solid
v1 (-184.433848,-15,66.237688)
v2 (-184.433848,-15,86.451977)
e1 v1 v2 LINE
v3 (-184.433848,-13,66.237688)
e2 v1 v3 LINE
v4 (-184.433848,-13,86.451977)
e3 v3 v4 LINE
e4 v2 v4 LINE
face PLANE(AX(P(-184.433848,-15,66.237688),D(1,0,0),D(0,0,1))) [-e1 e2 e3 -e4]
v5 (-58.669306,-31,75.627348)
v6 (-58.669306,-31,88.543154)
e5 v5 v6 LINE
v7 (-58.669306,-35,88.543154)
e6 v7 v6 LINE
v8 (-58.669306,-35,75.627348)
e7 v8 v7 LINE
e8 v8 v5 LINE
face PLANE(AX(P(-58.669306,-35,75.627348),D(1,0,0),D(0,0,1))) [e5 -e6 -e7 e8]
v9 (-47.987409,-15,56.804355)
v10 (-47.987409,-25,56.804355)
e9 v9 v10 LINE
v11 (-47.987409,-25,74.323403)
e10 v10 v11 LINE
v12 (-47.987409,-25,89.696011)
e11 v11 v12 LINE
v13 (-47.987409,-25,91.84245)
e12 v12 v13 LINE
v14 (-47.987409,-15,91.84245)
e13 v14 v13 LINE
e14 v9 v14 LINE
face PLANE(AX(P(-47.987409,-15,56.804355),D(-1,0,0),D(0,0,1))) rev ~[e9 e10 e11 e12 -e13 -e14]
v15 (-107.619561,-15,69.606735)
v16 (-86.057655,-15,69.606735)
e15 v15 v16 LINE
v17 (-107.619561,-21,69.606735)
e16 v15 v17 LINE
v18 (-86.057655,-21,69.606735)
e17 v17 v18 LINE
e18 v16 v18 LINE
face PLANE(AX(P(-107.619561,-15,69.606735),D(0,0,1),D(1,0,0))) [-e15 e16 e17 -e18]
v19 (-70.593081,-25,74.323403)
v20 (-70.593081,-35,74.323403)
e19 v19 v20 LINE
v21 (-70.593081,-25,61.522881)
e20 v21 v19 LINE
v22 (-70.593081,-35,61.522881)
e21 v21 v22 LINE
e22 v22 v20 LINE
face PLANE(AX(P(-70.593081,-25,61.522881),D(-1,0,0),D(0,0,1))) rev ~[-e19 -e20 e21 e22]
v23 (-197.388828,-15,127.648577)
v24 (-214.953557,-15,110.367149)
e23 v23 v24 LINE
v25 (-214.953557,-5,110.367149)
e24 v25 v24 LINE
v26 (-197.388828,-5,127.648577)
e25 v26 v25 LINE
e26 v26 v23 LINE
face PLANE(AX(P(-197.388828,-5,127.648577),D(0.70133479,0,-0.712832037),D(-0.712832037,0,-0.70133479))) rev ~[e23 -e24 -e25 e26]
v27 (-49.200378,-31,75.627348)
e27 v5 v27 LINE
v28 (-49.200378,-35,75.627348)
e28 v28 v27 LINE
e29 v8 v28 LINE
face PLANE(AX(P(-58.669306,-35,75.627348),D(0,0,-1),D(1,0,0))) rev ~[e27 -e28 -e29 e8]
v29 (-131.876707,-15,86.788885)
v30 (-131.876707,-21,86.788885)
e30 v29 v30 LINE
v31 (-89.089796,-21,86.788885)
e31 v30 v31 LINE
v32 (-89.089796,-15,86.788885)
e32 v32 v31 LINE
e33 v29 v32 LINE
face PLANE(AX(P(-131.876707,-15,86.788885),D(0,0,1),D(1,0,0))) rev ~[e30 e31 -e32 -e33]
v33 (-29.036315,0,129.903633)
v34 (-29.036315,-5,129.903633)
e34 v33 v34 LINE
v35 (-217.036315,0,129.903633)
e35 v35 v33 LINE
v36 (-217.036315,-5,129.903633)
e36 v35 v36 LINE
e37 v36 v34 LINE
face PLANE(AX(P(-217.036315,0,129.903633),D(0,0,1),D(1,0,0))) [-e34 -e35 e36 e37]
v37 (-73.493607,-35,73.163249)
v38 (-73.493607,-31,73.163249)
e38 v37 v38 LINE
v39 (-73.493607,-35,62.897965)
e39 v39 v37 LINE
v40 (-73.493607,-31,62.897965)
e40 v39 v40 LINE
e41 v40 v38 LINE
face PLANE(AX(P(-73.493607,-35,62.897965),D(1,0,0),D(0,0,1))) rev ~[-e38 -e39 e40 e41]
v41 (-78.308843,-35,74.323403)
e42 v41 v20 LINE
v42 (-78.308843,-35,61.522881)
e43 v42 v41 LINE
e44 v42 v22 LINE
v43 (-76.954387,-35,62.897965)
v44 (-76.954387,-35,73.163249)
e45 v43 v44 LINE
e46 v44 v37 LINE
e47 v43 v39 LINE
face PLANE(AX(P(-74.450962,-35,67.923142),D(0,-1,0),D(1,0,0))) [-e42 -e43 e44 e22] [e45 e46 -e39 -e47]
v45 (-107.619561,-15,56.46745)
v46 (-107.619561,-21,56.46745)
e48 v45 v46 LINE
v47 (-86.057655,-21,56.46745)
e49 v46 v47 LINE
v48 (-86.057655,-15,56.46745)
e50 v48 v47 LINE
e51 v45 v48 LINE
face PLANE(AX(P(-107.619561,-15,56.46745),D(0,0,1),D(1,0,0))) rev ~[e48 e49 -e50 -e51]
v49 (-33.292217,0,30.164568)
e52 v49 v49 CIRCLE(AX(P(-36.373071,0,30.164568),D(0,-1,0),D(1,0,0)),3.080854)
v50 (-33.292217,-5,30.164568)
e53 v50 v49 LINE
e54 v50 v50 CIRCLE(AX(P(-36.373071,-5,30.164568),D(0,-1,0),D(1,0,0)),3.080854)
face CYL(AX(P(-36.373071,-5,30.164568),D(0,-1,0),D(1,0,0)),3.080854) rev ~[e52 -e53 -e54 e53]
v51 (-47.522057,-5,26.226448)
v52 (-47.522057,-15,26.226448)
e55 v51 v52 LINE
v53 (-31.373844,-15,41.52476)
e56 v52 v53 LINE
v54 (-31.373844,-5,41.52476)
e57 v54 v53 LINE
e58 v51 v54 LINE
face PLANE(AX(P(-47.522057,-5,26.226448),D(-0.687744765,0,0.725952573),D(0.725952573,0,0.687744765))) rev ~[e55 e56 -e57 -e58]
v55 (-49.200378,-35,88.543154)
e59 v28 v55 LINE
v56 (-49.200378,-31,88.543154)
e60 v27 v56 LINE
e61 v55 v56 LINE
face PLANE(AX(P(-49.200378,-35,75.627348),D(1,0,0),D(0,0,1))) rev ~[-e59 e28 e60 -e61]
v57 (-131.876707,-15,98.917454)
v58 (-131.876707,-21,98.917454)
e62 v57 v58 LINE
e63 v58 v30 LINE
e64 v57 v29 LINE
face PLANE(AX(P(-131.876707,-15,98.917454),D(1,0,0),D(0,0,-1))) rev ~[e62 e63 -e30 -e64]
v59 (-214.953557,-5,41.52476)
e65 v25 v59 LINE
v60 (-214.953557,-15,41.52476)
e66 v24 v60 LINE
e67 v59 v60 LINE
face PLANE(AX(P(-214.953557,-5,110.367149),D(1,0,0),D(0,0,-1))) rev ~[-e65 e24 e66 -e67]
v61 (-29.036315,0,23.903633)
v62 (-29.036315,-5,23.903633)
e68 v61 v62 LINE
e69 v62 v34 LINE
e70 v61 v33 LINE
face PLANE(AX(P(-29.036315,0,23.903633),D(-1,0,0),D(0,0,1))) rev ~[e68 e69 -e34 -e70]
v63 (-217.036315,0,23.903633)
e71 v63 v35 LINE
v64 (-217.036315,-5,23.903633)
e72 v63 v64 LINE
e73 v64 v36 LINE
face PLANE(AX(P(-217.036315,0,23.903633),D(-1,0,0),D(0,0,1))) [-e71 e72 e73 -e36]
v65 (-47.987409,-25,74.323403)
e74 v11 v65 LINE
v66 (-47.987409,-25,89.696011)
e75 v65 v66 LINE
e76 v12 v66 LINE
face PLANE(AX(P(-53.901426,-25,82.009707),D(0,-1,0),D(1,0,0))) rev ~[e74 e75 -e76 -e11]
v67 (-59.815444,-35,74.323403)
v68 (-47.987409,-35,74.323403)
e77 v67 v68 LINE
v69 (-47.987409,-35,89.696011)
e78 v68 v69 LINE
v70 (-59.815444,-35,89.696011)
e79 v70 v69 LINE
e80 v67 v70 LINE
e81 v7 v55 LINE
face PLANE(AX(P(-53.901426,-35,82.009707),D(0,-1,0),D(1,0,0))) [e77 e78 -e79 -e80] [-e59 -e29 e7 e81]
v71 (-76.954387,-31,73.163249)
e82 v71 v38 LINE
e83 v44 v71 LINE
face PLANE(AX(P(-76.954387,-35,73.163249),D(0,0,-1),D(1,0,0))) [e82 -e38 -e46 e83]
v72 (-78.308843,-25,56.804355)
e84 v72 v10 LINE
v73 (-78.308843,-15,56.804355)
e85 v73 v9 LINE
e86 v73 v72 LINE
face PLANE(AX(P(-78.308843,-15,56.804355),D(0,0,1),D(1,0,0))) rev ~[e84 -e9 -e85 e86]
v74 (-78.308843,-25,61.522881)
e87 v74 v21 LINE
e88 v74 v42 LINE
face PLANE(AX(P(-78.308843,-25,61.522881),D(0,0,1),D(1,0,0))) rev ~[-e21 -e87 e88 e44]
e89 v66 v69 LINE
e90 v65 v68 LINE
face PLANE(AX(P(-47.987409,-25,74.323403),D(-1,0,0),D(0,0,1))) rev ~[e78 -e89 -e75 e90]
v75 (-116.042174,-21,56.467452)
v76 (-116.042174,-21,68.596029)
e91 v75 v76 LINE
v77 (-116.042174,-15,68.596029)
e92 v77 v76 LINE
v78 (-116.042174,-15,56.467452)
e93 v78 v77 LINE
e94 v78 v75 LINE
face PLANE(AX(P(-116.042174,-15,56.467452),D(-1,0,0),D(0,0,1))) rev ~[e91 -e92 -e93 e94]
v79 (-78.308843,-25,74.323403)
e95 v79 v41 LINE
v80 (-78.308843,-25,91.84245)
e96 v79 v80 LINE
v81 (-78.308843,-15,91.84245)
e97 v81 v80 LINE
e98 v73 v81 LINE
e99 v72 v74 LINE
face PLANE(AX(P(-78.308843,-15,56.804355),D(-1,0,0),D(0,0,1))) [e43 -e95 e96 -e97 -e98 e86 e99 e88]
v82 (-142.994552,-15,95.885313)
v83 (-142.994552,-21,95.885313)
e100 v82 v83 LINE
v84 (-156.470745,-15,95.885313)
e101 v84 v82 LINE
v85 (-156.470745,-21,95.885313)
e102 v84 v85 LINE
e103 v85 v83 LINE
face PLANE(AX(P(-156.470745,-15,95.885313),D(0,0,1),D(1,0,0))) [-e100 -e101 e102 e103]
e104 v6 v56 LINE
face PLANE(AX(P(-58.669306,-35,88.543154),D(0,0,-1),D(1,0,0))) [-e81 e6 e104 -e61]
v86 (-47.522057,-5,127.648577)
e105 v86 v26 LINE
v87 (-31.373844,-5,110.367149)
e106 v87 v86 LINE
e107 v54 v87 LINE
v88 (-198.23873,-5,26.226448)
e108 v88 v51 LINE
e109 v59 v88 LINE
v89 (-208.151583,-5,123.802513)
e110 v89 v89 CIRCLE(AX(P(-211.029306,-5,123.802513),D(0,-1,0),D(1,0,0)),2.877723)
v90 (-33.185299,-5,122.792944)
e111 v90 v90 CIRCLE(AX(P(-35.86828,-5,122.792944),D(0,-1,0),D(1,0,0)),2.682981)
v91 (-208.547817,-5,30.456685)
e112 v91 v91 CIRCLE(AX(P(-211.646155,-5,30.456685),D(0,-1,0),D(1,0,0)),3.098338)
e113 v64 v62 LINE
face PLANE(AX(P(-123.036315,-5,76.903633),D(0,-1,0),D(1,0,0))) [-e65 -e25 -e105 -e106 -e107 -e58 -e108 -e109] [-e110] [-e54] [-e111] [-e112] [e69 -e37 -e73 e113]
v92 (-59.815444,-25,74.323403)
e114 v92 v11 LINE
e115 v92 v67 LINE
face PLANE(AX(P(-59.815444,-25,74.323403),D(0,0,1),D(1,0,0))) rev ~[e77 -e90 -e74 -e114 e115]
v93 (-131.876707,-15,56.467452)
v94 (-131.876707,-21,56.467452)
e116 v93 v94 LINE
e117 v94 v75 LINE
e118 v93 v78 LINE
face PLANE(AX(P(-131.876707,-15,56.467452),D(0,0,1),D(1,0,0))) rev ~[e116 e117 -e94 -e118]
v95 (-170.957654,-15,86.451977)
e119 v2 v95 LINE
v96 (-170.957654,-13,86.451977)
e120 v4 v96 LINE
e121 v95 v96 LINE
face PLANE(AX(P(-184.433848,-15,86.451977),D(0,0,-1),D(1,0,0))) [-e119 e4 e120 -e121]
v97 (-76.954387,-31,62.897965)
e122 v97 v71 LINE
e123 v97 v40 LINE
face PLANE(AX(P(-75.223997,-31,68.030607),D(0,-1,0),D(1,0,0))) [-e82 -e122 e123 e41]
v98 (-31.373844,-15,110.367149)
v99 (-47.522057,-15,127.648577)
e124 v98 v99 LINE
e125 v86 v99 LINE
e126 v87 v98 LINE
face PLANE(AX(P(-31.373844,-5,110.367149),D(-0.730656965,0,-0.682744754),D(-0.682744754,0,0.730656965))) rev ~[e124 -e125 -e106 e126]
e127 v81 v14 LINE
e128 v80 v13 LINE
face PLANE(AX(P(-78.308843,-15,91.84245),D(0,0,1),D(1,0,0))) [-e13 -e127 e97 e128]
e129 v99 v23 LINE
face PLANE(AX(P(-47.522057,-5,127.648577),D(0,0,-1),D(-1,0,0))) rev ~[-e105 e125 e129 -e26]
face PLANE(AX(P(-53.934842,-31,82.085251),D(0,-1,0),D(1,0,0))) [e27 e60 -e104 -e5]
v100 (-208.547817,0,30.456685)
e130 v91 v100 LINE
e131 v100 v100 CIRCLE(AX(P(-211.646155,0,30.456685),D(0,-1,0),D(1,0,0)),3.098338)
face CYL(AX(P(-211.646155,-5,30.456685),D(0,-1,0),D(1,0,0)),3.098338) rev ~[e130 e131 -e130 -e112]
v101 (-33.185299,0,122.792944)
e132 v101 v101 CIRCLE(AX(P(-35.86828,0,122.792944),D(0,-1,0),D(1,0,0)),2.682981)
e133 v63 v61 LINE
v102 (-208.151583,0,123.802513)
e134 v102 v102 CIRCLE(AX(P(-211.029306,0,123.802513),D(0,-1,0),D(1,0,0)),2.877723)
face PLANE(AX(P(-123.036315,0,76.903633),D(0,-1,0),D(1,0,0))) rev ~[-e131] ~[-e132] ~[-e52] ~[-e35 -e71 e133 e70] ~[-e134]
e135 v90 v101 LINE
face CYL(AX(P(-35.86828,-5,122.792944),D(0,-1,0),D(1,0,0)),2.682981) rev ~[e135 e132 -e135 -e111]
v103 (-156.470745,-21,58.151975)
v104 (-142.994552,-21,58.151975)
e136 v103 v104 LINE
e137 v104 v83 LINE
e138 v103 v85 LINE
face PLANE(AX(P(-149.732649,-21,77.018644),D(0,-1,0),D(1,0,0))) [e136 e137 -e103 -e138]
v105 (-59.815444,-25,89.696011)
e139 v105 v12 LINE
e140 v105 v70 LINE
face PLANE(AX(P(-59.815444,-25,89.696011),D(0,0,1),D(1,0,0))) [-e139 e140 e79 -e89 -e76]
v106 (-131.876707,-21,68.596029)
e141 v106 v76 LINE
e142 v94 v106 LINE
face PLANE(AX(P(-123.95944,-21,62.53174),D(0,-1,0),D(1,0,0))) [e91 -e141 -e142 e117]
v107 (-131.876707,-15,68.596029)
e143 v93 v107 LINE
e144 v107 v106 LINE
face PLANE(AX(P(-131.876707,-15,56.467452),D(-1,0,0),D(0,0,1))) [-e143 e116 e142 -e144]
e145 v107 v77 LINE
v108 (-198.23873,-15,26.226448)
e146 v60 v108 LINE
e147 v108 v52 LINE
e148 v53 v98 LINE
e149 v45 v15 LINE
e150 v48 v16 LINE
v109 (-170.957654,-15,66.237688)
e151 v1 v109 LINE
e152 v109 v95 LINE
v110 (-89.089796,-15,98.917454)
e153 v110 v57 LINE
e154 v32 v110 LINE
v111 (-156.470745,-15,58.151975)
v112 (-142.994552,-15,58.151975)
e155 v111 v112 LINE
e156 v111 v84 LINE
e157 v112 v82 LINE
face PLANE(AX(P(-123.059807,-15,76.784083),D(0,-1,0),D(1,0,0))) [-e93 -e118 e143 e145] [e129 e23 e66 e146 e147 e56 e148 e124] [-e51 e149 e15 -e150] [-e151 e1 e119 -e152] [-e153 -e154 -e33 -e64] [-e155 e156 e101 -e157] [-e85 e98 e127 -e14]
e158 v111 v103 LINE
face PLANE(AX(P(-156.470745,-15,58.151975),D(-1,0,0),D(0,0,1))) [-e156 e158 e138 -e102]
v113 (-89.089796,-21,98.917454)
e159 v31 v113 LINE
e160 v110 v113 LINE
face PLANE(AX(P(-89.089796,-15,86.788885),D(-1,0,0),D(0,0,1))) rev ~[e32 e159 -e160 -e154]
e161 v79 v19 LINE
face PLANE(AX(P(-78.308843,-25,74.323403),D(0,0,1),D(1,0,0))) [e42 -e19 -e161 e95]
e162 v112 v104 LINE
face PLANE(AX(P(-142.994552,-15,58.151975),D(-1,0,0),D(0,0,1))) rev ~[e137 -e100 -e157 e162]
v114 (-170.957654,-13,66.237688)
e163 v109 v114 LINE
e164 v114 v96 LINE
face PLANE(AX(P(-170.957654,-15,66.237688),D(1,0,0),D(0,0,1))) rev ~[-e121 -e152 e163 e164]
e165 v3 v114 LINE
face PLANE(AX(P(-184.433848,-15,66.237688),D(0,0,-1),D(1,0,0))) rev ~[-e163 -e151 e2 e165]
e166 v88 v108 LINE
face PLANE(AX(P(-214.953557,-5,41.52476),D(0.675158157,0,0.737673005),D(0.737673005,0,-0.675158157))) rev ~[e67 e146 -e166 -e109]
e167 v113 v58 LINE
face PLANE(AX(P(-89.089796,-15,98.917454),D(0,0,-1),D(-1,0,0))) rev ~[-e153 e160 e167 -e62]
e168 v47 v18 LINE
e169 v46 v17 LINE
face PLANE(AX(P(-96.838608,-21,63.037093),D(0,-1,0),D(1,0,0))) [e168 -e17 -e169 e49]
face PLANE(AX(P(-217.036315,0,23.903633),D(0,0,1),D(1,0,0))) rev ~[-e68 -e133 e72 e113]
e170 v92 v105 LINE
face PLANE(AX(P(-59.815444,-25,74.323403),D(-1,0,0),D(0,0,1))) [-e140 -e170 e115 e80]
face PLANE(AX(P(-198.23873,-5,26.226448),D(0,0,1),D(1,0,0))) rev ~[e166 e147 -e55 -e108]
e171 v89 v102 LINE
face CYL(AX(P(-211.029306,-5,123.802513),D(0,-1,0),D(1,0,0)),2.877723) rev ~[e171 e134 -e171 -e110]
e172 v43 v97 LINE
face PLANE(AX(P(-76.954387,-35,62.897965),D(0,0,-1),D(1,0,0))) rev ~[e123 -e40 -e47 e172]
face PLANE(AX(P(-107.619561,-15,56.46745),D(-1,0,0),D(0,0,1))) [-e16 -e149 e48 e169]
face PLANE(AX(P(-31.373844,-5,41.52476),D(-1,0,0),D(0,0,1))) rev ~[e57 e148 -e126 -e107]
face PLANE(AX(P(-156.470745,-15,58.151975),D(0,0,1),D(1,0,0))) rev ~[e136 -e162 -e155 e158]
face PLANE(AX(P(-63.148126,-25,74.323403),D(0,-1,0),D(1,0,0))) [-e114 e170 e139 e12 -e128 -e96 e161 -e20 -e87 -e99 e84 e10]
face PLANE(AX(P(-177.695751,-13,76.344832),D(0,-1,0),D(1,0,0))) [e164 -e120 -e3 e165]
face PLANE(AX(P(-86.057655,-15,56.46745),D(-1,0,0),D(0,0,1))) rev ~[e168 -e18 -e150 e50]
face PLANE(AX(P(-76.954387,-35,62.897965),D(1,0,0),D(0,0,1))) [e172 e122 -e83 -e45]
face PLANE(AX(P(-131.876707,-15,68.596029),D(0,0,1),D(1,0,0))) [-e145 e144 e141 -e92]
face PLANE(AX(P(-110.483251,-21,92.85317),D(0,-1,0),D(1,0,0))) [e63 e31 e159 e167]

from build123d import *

# Parameters (mm, degrees)
F0_W      = 188
F0_H      = 106
F1_DEPTH  = 5
F3_DEPTH  = 10
F4_R      = 2.877723
F4_R_2    = 3.098338
F4_R_3    = 3.080854
F4_R_4    = 2.682981
F5_DEPTH  = 25
F6_W      = 13.476193
F6_H      = 20.214289
F7_DEPTH  = 2
F6_H_2    = 37.733339
F6_W_2    = 15.834533
F6_H_3    = 12.128577
F6_W_3    = 21.561905
F6_H_4    = 13.139285
F8_DEPTH  = 6
F6_W_4    = 30.321434
F6_H_5    = 35.038095
F9_DEPTH  = 10
F10_W     = 11.828035
F10_H     = 15.372609
F10_W_2   = 7.715762
F10_H_2   = 12.800521
F11_DEPTH = 10
F12_W     = 9.468928
F12_H     = 12.915805
F13_DEPTH = 4
F14_W     = 3.46078
F14_H     = 10.265284
F15_DEPTH = 4


with BuildPart() as f1:
    # F0 (on Front) → F1 (new body)
    with BuildSketch(Plane.XZ):
        with Locations((-123.036315, 76.903633)):
            Rectangle(F0_W, F0_H)
    extrude(amount=F1_DEPTH)

    # F2 (on face) → F3 (join)
    with BuildSketch(Plane.XZ.offset(5)):
        Polygon((-47.522057, 127.648577), (-197.388828, 127.648577), (-214.953557, 110.367149), (-214.953557, 41.52476), (-198.23873, 26.226448), (-47.522057, 26.226448), (-31.373844, 41.52476), (-31.373844, 110.367149), align=None)
    extrude(amount=F3_DEPTH)

    # F4 (on face) → F5 (cut)
    with BuildSketch(Plane.XZ.offset(5)):
        with Locations((-211.029306, 123.802513)):
            Circle(F4_R)
        with Locations((-211.646155, 30.456685)):
            Circle(F4_R_2)
        with Locations((-36.373071, 30.164568)):
            Circle(F4_R_3)
        with Locations((-35.86828, 122.792944)):
            Circle(F4_R_4)
    extrude(amount=-F5_DEPTH, mode=Mode.SUBTRACT)

    # F6 (on face) → F7 (cut)
    with BuildSketch(Plane.XZ.offset(15)):
        with Locations((-177.695751, 76.344832)):
            Rectangle(F6_W, F6_H)
    extrude(amount=-F7_DEPTH, mode=Mode.SUBTRACT)

    # F6 (on face) → F8 (join)
    with BuildSketch(Plane.XZ.offset(15)):
        with Locations((-149.732649, 77.018644)):
            Rectangle(F6_W, F6_H_2)
        Polygon((-124.801703, 98.917454), (-131.876707, 98.917454), (-131.876707, 94.53769), (-131.876707, 86.788885), (-89.089796, 86.788885), (-89.089796, 98.917454), align=None)
        with Locations((-123.95944, 62.53174)):
            Rectangle(F6_W_2, F6_H_3)
        with Locations((-96.838608, 63.037093)):
            Rectangle(F6_W_3, F6_H_4)
    extrude(amount=F8_DEPTH)

    # F6 (on face) → F9 (join)
    with BuildSketch(Plane.XZ.offset(15)):
        with Locations((-63.148126, 74.323403)):
            Rectangle(F6_W_4, F6_H_5)
    extrude(amount=F9_DEPTH)

    # F10 (on face) → F11 (join)
    with BuildSketch(Plane.XZ.offset(25)):
        with Locations((-53.901426, 82.009707)):
            Rectangle(F10_W, F10_H)
        with Locations((-74.450962, 67.923142)):
            Rectangle(F10_W_2, F10_H_2)
    extrude(amount=F11_DEPTH)

    # F12 (on face) → F13 (cut)
    with BuildSketch(Plane.XZ.offset(35)):
        with Locations((-53.934842, 82.085251)):
            Rectangle(F12_W, F12_H)
    extrude(amount=-F13_DEPTH, mode=Mode.SUBTRACT)

    # F14 (on face) → F15 (cut)
    with BuildSketch(Plane.XZ.offset(35)):
        with Locations((-75.223997, 68.030607)):
            Rectangle(F14_W, F14_H)
    extrude(amount=-F15_DEPTH, mode=Mode.SUBTRACT)


solid = f1.part
